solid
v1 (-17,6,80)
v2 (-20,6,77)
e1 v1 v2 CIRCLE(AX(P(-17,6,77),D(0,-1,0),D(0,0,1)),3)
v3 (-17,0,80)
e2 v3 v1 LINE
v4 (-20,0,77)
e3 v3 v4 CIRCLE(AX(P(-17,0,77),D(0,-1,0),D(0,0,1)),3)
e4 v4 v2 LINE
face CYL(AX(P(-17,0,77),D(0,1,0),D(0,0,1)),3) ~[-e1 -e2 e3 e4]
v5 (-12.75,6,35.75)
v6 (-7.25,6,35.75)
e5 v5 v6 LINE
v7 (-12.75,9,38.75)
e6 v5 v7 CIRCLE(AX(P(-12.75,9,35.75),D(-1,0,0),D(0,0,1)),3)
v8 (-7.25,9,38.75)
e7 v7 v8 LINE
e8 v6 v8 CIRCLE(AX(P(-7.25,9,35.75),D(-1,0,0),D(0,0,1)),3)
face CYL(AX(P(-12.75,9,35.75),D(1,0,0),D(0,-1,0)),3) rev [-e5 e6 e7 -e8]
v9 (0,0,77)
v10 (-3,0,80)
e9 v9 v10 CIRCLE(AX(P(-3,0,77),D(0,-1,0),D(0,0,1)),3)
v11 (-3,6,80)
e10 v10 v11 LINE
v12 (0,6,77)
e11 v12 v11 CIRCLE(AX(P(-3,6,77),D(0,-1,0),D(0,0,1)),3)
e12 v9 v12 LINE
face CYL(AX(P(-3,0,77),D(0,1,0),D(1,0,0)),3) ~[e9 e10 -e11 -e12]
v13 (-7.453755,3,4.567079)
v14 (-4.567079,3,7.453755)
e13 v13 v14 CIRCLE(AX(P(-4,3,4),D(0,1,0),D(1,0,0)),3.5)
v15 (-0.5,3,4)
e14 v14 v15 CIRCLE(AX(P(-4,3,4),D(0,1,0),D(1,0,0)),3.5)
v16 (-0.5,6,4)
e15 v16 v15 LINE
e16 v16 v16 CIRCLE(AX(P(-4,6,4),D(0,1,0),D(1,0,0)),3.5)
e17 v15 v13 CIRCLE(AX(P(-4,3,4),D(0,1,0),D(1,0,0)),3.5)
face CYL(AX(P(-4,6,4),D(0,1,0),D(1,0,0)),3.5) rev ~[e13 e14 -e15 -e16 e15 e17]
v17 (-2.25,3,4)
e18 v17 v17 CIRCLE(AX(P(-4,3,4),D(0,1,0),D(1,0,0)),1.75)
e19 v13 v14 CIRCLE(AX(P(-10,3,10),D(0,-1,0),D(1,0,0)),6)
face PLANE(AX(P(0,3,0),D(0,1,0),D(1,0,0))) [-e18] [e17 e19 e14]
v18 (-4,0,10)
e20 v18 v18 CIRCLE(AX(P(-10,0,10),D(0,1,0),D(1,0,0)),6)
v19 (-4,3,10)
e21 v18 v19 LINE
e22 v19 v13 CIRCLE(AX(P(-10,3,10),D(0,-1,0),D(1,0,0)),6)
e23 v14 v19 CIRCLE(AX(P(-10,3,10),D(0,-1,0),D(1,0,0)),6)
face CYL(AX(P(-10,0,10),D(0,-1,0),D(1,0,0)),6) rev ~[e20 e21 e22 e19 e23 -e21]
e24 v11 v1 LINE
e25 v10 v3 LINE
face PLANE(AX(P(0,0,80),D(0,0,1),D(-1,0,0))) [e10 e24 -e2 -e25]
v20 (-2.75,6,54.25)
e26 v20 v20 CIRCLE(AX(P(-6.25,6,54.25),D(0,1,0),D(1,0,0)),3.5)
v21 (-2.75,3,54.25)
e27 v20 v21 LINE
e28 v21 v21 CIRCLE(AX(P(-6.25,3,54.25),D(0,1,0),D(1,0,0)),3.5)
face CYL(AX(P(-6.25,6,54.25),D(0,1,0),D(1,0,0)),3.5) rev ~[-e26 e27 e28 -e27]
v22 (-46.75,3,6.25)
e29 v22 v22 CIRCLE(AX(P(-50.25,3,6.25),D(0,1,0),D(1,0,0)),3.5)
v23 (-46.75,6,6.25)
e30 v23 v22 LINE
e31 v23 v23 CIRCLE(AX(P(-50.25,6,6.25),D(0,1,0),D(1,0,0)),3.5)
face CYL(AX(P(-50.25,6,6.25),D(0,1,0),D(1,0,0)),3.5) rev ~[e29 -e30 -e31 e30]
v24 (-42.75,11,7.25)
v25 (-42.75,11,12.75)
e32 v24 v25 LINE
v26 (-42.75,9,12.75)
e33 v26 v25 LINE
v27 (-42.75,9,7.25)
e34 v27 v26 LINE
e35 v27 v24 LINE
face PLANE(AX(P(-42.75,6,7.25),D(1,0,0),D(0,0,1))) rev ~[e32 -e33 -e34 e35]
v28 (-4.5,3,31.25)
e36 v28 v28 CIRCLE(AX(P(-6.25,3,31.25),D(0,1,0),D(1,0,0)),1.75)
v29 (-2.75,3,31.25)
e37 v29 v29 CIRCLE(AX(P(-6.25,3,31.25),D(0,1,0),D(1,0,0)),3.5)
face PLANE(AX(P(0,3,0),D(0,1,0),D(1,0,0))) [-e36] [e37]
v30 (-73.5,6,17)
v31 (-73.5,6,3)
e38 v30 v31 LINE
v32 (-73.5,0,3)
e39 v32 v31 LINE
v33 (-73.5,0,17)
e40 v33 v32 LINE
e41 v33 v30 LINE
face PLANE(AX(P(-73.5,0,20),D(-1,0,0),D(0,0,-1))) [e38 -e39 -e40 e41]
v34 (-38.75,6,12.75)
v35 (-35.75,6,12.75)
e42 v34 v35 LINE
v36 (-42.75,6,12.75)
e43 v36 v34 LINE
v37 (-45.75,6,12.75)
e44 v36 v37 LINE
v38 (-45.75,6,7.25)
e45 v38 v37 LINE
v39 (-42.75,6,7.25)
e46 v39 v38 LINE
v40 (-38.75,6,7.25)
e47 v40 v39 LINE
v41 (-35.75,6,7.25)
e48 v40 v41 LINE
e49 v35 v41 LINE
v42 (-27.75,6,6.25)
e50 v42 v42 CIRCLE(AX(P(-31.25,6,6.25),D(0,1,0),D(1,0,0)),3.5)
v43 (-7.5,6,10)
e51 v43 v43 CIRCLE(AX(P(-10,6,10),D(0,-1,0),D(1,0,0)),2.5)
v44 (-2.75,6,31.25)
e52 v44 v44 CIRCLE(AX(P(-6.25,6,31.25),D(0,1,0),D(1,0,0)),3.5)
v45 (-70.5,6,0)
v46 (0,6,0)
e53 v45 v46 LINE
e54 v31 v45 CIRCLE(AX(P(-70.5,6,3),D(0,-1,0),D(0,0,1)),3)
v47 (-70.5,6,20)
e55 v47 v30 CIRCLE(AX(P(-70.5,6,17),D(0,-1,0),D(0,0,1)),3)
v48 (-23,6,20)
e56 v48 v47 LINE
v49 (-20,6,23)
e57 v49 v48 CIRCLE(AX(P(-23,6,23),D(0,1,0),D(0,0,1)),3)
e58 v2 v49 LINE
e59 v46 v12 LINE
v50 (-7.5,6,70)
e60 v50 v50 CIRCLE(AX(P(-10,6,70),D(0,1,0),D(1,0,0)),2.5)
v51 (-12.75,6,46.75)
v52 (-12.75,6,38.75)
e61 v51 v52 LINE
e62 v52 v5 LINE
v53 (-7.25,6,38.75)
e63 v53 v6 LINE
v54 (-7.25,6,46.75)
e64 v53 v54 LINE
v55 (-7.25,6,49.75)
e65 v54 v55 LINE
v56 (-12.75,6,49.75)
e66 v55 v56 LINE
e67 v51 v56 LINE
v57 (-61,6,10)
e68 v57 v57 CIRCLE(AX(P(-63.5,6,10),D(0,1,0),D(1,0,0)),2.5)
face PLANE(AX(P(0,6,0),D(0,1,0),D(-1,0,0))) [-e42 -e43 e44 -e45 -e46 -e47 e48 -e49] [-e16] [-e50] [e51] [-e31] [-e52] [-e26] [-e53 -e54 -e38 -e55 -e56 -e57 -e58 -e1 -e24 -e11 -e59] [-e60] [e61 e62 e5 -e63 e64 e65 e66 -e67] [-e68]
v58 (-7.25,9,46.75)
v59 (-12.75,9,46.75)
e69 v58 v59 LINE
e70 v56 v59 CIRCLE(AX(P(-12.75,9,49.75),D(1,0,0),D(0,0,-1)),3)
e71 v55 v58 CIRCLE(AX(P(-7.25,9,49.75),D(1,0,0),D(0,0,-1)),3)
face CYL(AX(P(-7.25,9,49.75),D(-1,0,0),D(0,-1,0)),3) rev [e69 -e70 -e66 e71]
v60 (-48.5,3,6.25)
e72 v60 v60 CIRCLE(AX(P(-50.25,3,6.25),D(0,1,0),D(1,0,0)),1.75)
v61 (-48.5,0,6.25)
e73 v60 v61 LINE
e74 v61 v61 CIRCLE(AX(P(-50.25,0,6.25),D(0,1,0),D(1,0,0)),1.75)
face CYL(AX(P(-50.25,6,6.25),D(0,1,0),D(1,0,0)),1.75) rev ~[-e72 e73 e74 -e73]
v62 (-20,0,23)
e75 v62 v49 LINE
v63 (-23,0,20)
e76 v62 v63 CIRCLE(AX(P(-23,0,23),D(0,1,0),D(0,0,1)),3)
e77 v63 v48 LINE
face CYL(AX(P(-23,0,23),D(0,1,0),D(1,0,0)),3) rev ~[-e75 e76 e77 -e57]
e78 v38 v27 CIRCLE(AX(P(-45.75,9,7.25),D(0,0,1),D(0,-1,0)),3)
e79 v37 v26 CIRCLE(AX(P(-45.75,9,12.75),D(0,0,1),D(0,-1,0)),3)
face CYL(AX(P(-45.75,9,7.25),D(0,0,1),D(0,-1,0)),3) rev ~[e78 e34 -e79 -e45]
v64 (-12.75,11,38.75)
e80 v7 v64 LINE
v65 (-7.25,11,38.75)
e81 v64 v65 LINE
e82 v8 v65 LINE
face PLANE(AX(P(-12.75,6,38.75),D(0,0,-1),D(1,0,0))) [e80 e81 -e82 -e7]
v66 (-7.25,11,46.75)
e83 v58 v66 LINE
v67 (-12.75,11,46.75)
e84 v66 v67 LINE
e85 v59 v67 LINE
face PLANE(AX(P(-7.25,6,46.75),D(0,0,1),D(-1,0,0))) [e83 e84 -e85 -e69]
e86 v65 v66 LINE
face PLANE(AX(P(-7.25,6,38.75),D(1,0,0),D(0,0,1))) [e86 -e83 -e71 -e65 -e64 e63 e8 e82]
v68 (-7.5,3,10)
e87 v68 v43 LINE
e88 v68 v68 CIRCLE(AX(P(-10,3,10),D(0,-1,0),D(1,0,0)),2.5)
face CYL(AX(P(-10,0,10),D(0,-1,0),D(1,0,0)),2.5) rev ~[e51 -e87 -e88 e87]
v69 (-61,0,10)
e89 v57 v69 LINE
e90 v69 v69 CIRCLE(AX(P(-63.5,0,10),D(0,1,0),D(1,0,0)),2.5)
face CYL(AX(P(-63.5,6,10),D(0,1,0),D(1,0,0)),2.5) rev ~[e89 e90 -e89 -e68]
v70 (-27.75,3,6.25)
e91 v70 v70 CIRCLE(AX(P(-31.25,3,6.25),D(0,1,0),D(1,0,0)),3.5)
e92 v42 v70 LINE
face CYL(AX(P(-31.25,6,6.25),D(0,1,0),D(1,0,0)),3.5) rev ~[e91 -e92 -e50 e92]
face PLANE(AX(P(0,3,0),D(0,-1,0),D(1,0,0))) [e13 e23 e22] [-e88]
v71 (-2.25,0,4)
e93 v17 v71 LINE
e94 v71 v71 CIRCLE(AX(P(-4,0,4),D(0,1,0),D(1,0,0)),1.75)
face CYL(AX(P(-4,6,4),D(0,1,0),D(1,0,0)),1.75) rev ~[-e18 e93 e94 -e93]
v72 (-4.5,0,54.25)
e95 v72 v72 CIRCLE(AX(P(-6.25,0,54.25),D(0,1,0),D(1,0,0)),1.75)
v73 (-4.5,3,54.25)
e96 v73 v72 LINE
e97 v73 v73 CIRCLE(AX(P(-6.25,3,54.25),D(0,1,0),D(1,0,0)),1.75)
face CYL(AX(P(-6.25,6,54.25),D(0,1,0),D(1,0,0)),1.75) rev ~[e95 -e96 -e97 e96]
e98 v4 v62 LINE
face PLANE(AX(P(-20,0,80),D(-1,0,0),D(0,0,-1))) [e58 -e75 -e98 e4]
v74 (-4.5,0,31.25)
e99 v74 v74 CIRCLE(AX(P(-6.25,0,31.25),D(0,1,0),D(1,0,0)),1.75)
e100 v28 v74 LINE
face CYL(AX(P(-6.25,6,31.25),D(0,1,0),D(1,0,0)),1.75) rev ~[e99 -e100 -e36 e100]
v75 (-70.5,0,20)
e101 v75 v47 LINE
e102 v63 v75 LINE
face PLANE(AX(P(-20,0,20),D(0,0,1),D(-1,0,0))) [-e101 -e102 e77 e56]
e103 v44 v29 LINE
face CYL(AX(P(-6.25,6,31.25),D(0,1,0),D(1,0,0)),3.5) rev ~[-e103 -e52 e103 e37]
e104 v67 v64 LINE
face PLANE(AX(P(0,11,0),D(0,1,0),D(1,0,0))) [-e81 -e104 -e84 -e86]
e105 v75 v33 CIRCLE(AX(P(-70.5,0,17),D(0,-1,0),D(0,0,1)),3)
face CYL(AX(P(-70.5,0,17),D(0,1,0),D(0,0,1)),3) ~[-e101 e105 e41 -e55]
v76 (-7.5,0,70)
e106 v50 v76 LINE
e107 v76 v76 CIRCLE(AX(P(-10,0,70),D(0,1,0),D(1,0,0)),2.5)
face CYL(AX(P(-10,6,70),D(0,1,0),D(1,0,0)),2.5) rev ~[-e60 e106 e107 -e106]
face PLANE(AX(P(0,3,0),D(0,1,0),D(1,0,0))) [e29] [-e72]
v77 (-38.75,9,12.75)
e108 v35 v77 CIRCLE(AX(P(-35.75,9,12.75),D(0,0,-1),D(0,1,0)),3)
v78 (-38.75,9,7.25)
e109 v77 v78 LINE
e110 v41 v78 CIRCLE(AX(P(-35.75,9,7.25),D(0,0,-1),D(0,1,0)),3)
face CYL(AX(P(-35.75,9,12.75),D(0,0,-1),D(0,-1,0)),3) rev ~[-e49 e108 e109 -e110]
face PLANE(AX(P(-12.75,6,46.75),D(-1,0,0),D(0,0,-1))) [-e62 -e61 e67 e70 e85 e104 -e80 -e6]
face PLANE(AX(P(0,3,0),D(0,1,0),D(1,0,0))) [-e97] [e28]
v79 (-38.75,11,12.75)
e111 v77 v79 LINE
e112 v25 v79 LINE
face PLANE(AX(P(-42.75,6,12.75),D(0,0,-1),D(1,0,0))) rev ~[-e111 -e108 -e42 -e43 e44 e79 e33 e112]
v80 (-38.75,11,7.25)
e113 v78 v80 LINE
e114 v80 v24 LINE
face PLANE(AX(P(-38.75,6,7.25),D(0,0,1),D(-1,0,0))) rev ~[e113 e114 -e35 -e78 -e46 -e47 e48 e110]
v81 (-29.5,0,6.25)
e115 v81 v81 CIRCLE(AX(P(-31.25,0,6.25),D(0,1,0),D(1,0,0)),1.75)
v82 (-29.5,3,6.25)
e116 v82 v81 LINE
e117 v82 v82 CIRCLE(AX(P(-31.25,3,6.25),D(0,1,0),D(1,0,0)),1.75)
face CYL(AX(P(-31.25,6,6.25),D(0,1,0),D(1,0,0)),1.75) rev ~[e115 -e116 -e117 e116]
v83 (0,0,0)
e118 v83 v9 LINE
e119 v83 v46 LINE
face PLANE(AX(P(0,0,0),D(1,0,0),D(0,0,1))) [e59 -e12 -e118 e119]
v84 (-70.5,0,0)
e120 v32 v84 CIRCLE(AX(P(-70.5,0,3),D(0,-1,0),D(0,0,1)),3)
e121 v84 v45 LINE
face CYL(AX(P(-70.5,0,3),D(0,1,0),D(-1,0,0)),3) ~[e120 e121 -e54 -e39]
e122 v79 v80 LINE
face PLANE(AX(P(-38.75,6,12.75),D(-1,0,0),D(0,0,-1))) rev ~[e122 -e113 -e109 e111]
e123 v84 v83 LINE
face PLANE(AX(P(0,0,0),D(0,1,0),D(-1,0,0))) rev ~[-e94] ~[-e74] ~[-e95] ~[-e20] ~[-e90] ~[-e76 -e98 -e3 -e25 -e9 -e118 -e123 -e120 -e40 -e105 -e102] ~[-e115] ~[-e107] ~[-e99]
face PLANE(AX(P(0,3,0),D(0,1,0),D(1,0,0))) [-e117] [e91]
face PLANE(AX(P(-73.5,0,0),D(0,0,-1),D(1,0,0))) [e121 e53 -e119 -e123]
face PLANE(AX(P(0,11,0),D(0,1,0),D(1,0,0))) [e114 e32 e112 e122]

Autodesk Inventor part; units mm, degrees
ref_plane "YZ Plane" through (0, 0, 0) normal (1, 0, 0) x (0, 1, 0)
ref_plane "XZ Plane" through (0, 0, 0) normal (0, 1, 0) x (-1, 0, 0)
ref_plane "XY Plane" through (0, 0, 0) normal (0, 0, 1) x (1, 0, 0)
sketch "Эскиз1" plane through (0, 0, 0) normal (0, 1, 0) x (-1, 0, 0)
  line L0 (0, 0) -> (0, 80)
  line L1 (0, 80) -> (20, 80)
  line L2 (20, 80) -> (20, 20)
  line L3 (20, 20) -> (73.5, 20)
  line L4 (73.5, 20) -> (73.5, 0)
  line L5 (73.5, 0) -> (0, 0)
  dimension "d0" = 80
  dimension "d1" = 20
  dimension "d2" = 60
  dimension "d3" = 53.5
extrude "Выдавливание1" add sketch "Эскиз1" along normal blind 6
fillet "Сопряжение1" radius 3 5 edges at (-73.5, 3, 20) (-73.5, 3, 0) (-20, 3, 80) (0, 3, 80) (-20, 3, 20)
sketch "Эскиз2" plane through (0, 6, 0) normal (0, 1, 0) x (1, 0, 0)
  circle A0 centre (-6.25, -31.25) radius 1.75
  circle A1 centre (-4, -4) radius 1.75
  circle A2 centre (-31.25, -6.25) radius 1.75
  circle A3 centre (-50.25, -6.25) radius 1.75
  circle A4 centre (-6.25, -54.25) radius 1.75
  circle A5 centre (-6.25, -54.25) radius 3.5
  circle A6 centre (-6.25, -31.25) radius 3.5
  circle A7 centre (-4, -4) radius 3.5
  circle A8 centre (-31.25, -6.25) radius 3.5
  circle A9 centre (-50.25, -6.25) radius 3.5
  dimension "d7" = 7
  dimension "d8" = 7
  dimension "d9" = 7
  dimension "d10" = 7
  dimension "d11" = 7
extrude "Выдавливание2" cut sketch "Эскиз2" against normal through all contours A0 | A1 | A2 | A3 | A4
extrude "Выдавливание3" cut sketch "Эскиз2" against normal blind 3 contours A0 | A1 | A2 | A3 | A4 | A5 | A6 | A7 | A8 | A9
sketch "Эскиз3" plane through (0, 6, 0) normal (0, 1, 0) x (1, 0, 0)
  line L0 (-20, -85.5935) -> (0, -85.5935)
  line L1 (-7.25, -46.75) -> (-12.75, -46.75)
  line L2 (-12.75, -46.75) -> (-12.75, -38.75)
  line L3 (-12.75, -38.75) -> (-7.25, -38.75)
  line L4 (-7.25, -38.75) -> (-7.25, -46.75)
  line L5 (-7.25, -46.75) -> (-12.75, -38.75) construction
  line L6 (-12.75, -46.75) -> (-7.25, -38.75) construction
  line L7 (0, 0) -> (13.4319, 0) construction
  line L8 (-42.75, -12.75) -> (-38.75, -12.75)
  line L9 (-38.75, -12.75) -> (-38.75, -7.25)
  line L10 (-38.75, -7.25) -> (-42.75, -7.25)
  line L11 (-42.75, -7.25) -> (-42.75, -12.75)
  point P0 (-10, -42.75)
extrude "Выдавливание4" add sketch "Эскиз3" along normal blind 5
sketch "Эскиз4" plane through (0, 6, 0) normal (0, 1, 0) x (1, 0, 0)
  line L0 (-27.1384, -80) -> (-27.1384, -70)
  line L1 (-80, 9.988) -> (-53.75, 9.988)
  circle A0 centre (-10, -70) radius 2.5
  line L2 (-73.5, -29.8806) -> (-63.5, -29.8806)
  circle A1 centre (-63.5, -10) radius 2.5
  point P0 (0, 0)
  dimension "d26" = 10
  dimension "d27" = 5
  dimension "d28" = 10
  dimension "d29" = 5
extrude "Выдавливание5" cut sketch "Эскиз4" against normal through all
sketch "Эскиз5" plane through (0, 0, 0) normal (0, -1, 0) x (1, 0, 0)
  line L0 (0, 77) -> (0, 0) projected
  line L1 (0, 0) -> (-10, 0)
  line L2 (-10, 0) -> (-10, 10)
  line L3 (-10, 10) -> (0, 10)
  line L4 (0, 10) -> (0, 0)
  circle A0 centre (-10, 10) radius 2.5
  circle A1 centre (-10, 10) radius 6
  dimension "d32" = 10
  dimension "d33" = 10
  dimension "d34" = 5
  dimension "d35" = 12
extrude "Выдавливание6" cut sketch "Эскиз5" against normal through all contours A0 L2 L3 | L3 L2 A0
extrude "Выдавливание7" cut sketch "Эскиз5" against normal blind 3 contours A1 L2 A0 L3 | L3 A0 L2 A1 | A0 L2 L3 | L3 L2 A0
fillet "Сопряжение2" radius 3 4 edges at (-42.75, 6, 10) (-38.75, 6, 10) (-10, 6, 38.75) (-10, 6, 46.75)
properties part number "perehodnik"
